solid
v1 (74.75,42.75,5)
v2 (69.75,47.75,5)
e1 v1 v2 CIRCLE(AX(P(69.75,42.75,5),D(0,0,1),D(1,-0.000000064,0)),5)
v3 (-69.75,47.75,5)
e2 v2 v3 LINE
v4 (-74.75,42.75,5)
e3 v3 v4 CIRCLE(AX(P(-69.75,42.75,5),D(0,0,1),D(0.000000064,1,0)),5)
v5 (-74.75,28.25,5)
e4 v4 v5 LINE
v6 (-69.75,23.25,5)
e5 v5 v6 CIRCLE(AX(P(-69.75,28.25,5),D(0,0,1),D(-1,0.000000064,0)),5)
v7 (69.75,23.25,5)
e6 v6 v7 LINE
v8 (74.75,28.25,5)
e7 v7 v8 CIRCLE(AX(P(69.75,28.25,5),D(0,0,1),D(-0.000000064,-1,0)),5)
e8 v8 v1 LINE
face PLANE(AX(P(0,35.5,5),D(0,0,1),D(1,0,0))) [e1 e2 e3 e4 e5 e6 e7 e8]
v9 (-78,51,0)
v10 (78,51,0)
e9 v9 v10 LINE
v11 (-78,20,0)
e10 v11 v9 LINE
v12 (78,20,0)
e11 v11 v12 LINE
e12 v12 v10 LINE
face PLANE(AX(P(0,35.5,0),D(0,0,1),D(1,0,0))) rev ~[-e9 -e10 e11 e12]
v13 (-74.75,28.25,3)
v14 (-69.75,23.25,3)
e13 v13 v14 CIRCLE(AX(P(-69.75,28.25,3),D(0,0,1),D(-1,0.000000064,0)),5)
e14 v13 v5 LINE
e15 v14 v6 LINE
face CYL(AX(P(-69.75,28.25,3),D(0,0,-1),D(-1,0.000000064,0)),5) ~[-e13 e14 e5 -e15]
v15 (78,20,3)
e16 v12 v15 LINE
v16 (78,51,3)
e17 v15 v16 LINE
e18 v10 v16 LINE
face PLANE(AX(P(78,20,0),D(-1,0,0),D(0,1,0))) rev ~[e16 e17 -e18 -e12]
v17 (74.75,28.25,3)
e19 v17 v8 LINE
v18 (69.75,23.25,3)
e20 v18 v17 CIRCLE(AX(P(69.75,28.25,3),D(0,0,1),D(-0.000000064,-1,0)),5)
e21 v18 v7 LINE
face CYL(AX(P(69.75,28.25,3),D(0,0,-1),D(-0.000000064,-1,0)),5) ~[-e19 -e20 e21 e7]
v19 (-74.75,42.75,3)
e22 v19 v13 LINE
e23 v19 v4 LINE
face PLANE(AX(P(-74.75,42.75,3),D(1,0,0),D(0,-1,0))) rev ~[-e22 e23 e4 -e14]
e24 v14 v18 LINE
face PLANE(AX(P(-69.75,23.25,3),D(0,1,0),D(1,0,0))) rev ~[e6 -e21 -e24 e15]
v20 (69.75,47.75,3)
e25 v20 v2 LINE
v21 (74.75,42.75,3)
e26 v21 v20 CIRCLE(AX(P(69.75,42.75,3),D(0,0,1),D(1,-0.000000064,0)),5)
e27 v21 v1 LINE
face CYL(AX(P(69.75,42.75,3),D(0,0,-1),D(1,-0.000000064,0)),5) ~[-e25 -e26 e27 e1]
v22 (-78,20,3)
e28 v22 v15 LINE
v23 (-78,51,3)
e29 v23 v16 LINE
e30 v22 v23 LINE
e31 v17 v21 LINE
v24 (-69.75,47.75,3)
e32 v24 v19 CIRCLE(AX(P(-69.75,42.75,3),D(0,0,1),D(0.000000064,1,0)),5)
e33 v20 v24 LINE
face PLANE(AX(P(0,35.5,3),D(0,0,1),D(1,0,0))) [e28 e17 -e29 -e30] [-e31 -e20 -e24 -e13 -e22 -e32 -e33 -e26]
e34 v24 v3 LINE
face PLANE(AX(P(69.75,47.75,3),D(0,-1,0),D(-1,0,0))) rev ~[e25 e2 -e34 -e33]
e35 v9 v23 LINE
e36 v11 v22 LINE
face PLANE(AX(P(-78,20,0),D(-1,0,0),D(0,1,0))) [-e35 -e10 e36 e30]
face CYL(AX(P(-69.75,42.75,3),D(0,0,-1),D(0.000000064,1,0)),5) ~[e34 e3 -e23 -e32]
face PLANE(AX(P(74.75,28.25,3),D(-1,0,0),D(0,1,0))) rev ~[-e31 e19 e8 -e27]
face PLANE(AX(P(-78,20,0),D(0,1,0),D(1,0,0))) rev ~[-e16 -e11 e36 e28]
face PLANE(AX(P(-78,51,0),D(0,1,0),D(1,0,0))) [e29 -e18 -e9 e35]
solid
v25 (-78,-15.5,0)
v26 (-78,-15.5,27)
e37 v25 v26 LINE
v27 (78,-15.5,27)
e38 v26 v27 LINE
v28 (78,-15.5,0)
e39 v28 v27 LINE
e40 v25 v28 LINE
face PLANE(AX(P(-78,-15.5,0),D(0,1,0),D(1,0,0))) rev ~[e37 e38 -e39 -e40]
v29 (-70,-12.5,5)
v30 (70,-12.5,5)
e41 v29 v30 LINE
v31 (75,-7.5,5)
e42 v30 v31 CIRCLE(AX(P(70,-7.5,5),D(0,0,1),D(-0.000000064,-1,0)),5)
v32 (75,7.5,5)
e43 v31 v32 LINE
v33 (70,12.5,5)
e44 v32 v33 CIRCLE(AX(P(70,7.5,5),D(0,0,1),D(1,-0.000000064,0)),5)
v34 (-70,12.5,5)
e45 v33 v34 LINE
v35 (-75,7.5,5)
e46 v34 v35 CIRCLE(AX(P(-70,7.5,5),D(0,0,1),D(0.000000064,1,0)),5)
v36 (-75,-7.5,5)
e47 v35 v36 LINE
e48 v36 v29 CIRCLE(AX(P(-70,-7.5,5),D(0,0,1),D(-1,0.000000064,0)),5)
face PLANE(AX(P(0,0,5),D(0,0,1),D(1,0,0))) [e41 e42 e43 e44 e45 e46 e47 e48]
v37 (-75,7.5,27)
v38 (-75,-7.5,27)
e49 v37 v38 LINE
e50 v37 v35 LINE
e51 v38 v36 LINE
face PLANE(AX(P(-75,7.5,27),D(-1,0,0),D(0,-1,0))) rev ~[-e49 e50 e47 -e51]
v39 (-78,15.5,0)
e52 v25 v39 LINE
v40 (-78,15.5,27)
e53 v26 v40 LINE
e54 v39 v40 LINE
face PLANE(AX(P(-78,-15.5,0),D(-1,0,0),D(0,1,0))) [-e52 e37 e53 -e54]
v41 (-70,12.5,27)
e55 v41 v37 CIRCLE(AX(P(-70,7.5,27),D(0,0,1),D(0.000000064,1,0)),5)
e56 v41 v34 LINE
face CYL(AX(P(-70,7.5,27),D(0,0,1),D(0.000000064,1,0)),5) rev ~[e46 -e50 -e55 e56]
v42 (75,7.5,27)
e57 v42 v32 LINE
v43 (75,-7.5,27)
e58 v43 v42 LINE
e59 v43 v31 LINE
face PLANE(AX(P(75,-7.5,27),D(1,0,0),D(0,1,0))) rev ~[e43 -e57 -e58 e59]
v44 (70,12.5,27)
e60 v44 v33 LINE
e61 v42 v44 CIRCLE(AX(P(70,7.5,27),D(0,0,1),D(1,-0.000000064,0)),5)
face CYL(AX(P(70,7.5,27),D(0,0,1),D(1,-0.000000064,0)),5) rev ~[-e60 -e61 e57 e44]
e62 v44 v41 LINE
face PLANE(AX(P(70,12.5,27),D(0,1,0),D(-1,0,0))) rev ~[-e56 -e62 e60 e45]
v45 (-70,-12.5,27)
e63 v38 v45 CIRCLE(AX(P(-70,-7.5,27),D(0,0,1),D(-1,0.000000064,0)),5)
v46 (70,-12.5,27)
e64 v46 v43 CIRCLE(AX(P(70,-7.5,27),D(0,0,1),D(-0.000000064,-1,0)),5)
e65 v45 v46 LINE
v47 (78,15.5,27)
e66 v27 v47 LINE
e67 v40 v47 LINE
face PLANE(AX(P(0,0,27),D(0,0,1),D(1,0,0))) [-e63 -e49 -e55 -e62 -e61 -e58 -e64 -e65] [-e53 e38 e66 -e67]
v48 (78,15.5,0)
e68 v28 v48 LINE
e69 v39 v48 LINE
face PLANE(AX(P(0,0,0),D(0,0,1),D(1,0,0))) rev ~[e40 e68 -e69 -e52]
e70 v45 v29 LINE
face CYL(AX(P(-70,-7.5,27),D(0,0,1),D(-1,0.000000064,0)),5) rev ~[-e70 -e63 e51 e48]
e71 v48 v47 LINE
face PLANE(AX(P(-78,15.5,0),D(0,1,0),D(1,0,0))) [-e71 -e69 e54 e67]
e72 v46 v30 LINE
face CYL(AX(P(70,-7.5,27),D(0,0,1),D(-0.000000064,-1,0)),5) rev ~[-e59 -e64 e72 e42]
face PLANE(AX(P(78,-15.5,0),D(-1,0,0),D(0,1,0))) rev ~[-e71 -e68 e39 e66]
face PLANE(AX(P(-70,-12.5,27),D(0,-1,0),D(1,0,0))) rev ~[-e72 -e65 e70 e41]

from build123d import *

# Parameters (mm, degrees)
F0_W     = 156
F0_H     = 31
F1_DEPTH = 27
F3_DEPTH = 22
F4_W     = 156
F4_H     = 31
F5_DEPTH = 3
F7_DEPTH = 2


with BuildPart() as f1:
    # F0 (on Top) → F1 (new body)
    with BuildSketch(Plane.XY):
        Rectangle(F0_W, F0_H)
    extrude(amount=F1_DEPTH)

    # F2 (on face) → F3 (cut)
    with BuildSketch(Plane.XY.offset(27)):
        with BuildLine():
            ThreePointArc((75, 7.5), (73.535534, 11.035534), (70, 12.5))
            Line((70, 12.5), (-70, 12.5))
            ThreePointArc((-70, 12.5), (-73.535534, 11.035534), (-75, 7.5))
            Line((-75, 7.5), (-75, -7.5))
            ThreePointArc((-75, -7.5), (-73.535534, -11.035534), (-70, -12.5))
            Line((-70, -12.5), (70, -12.5))
            ThreePointArc((70, -12.5), (73.535534, -11.035534), (75, -7.5))
            Line((75, -7.5), (75, 7.5))
        make_face()
    extrude(amount=-F3_DEPTH, mode=Mode.SUBTRACT)


with BuildPart() as f5:
    # F4 (on Top) → F5 (new body)
    with BuildSketch(Plane.XY):
        with Locations((0, 35.5)):
            Rectangle(F4_W, F4_H)
    extrude(amount=F5_DEPTH)

    # F6 (on face) → F7 (join)
    with BuildSketch(Plane.XY.offset(3)):
        with BuildLine():
            ThreePointArc((-74.75, 28.25), (-73.285534, 24.714466), (-69.75, 23.25))
            Line((-69.75, 23.25), (69.75, 23.25))
            ThreePointArc((69.75, 23.25), (73.285534, 24.714466), (74.75, 28.25))
            Line((74.75, 28.25), (74.75, 42.75))
            ThreePointArc((74.75, 42.75), (73.285534, 46.285534), (69.75, 47.75))
            Line((69.75, 47.75), (-69.75, 47.75))
            ThreePointArc((-69.75, 47.75), (-73.285534, 46.285534), (-74.75, 42.75))
            Line((-74.75, 42.75), (-74.75, 28.25))
        make_face()
    extrude(amount=F7_DEPTH)


solid = Compound([f1.part, f5.part])
